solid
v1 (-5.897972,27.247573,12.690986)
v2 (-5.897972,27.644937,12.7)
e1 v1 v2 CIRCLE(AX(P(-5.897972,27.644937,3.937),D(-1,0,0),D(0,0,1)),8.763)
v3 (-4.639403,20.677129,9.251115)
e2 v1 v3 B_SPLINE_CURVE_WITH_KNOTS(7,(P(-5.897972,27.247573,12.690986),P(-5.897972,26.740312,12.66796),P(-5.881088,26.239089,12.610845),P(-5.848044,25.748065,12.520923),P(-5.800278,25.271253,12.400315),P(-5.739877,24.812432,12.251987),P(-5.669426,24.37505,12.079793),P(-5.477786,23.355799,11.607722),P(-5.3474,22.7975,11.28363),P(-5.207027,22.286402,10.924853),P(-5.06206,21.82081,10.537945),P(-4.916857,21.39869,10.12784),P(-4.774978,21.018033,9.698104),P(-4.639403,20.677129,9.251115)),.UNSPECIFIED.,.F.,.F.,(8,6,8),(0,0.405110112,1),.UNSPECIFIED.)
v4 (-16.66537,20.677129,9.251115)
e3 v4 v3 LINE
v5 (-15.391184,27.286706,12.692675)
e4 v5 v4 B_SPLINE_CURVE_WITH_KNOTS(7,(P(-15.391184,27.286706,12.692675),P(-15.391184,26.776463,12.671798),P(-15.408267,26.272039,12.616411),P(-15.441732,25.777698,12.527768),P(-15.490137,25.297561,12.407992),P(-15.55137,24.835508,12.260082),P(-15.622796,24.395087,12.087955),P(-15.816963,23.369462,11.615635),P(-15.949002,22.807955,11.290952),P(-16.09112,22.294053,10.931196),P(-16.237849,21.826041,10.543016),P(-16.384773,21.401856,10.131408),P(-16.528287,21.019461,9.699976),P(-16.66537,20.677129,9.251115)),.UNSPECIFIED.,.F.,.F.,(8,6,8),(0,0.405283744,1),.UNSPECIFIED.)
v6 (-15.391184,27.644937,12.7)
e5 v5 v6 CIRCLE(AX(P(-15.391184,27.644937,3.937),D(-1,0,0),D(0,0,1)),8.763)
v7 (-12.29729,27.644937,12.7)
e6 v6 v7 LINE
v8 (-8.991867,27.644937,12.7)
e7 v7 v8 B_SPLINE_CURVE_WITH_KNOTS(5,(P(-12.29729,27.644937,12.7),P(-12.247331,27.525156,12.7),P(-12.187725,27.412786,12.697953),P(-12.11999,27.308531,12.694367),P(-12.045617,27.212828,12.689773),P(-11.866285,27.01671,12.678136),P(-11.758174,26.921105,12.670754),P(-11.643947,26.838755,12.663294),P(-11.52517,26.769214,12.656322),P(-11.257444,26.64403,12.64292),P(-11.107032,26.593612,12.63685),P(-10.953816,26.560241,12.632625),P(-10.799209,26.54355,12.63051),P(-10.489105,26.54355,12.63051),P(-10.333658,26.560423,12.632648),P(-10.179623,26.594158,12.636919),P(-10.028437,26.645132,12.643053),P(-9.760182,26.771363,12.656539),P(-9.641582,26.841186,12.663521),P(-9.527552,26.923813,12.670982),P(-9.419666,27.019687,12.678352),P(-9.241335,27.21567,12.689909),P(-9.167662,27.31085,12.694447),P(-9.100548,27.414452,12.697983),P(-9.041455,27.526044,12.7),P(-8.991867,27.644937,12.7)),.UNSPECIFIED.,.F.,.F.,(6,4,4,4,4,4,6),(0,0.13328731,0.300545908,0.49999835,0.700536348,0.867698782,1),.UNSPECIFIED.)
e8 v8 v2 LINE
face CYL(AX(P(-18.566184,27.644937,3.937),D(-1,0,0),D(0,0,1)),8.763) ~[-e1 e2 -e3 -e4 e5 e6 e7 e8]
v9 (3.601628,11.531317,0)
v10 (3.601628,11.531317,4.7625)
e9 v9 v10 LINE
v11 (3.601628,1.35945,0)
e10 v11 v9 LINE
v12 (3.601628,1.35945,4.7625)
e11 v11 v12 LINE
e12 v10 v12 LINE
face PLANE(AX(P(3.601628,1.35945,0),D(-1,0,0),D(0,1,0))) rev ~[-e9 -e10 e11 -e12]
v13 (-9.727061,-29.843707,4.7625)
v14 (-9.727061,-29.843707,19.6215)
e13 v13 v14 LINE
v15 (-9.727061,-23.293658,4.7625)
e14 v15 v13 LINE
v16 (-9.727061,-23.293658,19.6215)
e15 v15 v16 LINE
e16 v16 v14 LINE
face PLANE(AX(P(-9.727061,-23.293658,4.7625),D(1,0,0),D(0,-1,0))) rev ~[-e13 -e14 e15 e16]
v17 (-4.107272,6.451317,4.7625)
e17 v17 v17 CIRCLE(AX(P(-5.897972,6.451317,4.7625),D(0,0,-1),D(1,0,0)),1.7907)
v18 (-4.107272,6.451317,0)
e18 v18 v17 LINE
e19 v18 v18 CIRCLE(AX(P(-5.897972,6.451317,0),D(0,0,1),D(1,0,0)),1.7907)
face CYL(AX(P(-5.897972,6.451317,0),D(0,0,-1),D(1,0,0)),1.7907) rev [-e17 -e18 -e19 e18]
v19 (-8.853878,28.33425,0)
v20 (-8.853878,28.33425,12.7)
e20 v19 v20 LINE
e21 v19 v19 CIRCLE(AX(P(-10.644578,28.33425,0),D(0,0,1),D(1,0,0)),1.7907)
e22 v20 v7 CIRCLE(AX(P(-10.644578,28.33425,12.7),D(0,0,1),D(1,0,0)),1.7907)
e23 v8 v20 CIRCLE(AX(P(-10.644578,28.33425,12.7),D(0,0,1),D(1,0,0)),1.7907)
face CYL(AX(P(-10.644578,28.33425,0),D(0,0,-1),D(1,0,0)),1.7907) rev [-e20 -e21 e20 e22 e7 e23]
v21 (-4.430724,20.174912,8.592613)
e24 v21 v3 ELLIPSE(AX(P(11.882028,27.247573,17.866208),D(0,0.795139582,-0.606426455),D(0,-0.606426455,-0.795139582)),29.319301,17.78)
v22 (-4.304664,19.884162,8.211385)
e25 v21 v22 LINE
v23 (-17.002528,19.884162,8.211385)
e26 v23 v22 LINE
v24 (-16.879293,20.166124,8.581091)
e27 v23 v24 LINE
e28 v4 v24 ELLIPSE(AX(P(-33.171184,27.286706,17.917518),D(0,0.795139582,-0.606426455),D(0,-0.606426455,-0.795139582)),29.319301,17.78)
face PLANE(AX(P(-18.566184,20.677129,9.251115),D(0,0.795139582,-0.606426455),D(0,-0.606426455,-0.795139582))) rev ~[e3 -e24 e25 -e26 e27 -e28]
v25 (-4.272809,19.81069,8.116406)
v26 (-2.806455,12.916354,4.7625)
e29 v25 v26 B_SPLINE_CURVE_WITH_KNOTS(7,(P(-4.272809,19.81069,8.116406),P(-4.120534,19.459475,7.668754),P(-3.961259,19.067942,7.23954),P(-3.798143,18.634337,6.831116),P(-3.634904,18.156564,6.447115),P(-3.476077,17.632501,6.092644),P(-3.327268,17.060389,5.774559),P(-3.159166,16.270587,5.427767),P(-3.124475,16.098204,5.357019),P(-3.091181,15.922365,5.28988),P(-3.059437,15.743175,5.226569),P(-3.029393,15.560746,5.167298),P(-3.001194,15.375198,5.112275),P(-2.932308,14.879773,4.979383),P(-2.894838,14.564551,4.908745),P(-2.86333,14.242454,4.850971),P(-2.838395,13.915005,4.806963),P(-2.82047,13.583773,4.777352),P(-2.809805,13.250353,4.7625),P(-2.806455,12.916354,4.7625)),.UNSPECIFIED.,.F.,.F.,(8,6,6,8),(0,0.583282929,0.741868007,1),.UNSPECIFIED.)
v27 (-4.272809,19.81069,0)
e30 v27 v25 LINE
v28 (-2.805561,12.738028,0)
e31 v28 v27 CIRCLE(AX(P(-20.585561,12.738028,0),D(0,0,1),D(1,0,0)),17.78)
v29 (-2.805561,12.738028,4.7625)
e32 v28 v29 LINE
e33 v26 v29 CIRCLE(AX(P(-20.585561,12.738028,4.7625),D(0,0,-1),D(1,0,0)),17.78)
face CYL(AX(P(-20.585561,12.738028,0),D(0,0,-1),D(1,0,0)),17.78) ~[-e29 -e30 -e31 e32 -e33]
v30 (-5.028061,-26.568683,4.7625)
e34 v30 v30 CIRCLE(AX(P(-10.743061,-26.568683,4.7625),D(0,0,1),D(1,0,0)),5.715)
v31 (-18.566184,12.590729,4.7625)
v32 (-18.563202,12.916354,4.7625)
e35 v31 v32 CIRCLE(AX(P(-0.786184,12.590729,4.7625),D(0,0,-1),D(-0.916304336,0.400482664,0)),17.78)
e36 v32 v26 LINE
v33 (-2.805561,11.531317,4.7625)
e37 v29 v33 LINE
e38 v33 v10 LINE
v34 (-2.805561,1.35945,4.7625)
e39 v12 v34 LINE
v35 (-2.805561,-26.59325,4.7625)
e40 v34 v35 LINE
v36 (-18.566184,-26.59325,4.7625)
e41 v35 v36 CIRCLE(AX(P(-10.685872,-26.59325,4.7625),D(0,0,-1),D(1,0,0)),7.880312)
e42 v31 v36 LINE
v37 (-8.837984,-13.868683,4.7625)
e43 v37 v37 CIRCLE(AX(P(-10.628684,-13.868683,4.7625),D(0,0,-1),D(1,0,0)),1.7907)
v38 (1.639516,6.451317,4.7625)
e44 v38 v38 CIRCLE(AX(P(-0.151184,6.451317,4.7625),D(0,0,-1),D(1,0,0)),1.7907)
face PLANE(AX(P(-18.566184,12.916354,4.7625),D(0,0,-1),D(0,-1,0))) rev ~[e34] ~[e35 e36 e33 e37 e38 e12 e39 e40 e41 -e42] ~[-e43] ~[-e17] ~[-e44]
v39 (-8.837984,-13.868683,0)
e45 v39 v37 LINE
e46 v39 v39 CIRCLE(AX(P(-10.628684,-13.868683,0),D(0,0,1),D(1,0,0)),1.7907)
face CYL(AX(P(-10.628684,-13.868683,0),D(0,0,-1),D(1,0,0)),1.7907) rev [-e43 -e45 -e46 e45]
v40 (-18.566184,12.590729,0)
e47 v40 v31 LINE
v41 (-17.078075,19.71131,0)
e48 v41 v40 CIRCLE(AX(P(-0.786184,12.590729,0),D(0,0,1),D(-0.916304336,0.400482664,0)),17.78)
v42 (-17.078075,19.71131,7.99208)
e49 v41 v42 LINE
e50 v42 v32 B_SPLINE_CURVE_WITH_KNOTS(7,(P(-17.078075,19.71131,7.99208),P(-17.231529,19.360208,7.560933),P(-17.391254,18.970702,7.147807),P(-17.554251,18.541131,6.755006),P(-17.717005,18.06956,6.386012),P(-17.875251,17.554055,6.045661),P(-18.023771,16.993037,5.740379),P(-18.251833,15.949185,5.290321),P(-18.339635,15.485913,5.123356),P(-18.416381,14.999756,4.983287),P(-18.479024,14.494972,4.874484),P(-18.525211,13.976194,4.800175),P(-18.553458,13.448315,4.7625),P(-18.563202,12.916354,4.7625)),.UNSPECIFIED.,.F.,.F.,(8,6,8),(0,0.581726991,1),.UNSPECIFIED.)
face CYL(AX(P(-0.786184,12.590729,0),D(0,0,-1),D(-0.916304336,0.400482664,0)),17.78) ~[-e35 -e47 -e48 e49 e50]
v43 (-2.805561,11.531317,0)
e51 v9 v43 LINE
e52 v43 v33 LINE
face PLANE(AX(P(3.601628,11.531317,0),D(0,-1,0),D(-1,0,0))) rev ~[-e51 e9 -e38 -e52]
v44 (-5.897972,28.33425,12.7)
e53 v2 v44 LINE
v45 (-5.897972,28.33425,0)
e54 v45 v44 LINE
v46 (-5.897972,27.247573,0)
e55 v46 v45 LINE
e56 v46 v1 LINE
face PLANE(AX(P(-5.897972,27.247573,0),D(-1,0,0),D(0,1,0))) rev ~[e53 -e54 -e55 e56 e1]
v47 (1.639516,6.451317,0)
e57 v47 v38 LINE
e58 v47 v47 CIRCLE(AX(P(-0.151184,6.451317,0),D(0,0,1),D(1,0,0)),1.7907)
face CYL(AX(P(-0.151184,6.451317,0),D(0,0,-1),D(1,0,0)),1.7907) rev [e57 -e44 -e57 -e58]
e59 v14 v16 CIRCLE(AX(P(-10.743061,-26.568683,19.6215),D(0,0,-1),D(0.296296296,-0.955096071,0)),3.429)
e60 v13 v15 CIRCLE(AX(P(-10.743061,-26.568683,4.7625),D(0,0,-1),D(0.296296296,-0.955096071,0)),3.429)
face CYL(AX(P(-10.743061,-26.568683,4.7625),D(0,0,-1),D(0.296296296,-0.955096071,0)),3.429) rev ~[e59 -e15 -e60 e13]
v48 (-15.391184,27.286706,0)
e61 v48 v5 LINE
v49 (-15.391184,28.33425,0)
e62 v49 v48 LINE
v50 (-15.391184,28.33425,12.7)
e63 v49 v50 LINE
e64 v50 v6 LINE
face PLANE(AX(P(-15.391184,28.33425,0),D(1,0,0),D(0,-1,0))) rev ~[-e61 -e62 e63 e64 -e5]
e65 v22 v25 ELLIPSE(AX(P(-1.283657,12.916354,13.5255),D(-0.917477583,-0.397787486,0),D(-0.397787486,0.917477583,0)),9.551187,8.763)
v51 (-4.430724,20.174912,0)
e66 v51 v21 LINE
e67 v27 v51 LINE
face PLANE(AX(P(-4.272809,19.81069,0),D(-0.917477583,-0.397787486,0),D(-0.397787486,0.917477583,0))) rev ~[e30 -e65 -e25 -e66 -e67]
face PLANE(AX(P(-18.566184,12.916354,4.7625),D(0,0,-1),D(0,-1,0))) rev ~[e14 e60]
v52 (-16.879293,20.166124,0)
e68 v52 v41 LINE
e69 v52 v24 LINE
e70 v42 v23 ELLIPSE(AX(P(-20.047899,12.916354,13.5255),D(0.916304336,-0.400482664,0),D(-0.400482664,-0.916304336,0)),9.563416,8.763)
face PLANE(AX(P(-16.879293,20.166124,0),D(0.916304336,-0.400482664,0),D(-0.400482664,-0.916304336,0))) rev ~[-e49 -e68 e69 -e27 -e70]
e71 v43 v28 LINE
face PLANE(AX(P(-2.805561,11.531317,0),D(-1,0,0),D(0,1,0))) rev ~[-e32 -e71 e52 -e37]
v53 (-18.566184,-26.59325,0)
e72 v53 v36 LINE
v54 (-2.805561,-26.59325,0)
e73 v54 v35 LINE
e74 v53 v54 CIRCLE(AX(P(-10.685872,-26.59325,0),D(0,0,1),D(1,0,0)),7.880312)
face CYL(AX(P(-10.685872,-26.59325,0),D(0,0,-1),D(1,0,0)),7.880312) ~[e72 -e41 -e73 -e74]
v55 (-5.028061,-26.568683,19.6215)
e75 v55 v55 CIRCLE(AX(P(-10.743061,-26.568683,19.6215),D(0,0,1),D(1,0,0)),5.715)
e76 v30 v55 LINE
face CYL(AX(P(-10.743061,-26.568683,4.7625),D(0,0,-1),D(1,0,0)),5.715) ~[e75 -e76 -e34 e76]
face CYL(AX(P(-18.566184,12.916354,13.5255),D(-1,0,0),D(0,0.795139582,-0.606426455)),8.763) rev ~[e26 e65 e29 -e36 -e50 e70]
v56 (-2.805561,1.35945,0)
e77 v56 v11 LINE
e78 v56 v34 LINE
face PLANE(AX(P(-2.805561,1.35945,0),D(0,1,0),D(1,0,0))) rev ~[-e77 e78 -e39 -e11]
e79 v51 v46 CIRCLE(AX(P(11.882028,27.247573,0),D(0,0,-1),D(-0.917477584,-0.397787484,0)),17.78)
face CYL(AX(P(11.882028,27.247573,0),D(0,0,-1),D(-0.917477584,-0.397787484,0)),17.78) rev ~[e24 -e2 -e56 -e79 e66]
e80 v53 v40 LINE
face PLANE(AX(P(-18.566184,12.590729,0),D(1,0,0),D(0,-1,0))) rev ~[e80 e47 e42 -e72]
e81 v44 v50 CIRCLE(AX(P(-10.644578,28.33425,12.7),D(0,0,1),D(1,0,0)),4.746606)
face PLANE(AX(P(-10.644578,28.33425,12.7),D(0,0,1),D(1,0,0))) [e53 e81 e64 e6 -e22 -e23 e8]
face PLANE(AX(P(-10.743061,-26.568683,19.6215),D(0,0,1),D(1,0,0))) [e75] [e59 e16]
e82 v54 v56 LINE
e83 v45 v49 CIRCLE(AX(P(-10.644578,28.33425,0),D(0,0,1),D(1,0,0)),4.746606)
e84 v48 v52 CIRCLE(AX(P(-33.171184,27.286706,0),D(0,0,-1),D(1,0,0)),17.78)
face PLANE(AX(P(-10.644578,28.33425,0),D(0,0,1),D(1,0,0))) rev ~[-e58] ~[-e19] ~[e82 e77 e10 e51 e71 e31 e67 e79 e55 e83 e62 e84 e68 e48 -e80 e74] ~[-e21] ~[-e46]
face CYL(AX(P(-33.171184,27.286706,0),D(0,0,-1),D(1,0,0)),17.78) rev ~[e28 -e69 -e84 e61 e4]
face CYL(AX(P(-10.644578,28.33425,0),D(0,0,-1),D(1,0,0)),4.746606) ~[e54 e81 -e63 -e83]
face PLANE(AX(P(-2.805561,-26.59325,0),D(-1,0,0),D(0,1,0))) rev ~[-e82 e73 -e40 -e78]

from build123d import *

# Parameters (mm, degrees)
SKETCH1_R           = 1.7907
BOSS_EXTRUDE1_DEPTH = 12.7
CUT_EXTRUDE1_DEPTH  = 43.908371508
SKETCH6_R           = 5.715
BOSS_EXTRUDE2_DEPTH = 14.859


with BuildPart() as part:
    # Sketch1 → Boss-Extrude1 (new body)
    with BuildSketch(Plane.XY):
        with BuildLine():
            ThreePointArc((-5.89797239, 28.334249775), (-10.644578231, 33.080855616), (-15.391184073, 28.334249775))
            Line((-15.391184073, 28.334249775), (-15.391184073, 27.2867057))
            ThreePointArc((-15.391184073, 27.2867057), (-15.767187067, 23.64949685), (-16.879292984, 20.16612393))
            Line((-16.879292984, 20.16612393), (-17.078075162, 19.711310306))
            ThreePointArc((-17.078075162, 19.711310306), (-18.190181079, 16.227937386), (-18.566184073, 12.590728536))
            Line((-18.566184073, 12.590728536), (-18.566184073, -26.593250225))
            ThreePointArc((-18.566184073, -26.593250225), (-10.68587239, -34.473561908), (-2.805560707, -26.593250225))
            Line((-2.805560707, -26.593250225), (-2.805560707, 1.359449775))
            Line((-2.805560707, 1.359449775), (3.60162761, 1.359449775))
            Line((3.60162761, 1.359449775), (3.60162761, 11.531317118))
            Line((3.60162761, 11.531317118), (-2.805560707, 11.531317118))
            Line((-2.805560707, 11.531317118), (-2.805560707, 12.738028185))
            ThreePointArc((-2.805560707, 12.738028185), (-3.176236758, 16.349653807), (-4.272809259, 19.810689652))
            Line((-4.272809259, 19.810689652), (-4.430723837, 20.174911983))
            ThreePointArc((-4.430723837, 20.174911983), (-5.527296339, 23.635947828), (-5.89797239, 27.24757345))
            Line((-5.89797239, 27.24757345), (-5.89797239, 28.334249775))
        make_face()
        with Locations((-10.644578231, 28.334249775)):
            Circle(SKETCH1_R, mode=Mode.SUBTRACT)
        with Locations((-0.151184073, 6.451317118)):
            Circle(SKETCH1_R, mode=Mode.SUBTRACT)
        with Locations((-10.628684073, -13.868682882)):
            Circle(SKETCH1_R, mode=Mode.SUBTRACT)
        with Locations((-5.89797239, 6.451317118)):
            Circle(SKETCH1_R, mode=Mode.SUBTRACT)
    extrude(amount=BOSS_EXTRUDE1_DEPTH)

    # Sketch5 → Cut-Extrude1 (cut, through all)
    with BuildSketch(Plane.ZY.offset(18.566184073)):
        with BuildLine():
            Line((4.7625, -34.473561908), (12.7, -34.473561908))
            Line((12.7, -34.473561908), (12.7, 27.644937325))
            ThreePointArc((12.7, 27.644937325), (11.790590228, 23.757613113), (9.251115022, 20.677129167))
            Line((9.251115022, 20.677129167), (8.211384978, 19.88416172))
            ThreePointArc((8.211384978, 19.88416172), (5.671909772, 16.803677773), (4.7625, 12.916353561))
            Line((4.7625, 12.916353561), (4.7625, -34.473561908))
        make_face()
    extrude(amount=-CUT_EXTRUDE1_DEPTH, mode=Mode.SUBTRACT)

    # Sketch6 → Boss-Extrude2 (add)
    with BuildSketch(Plane.XY.offset(4.7625)):
        with Locations((-10.743060707, -26.568682882)):
            Circle(SKETCH6_R)
        with BuildLine():
            Line((-9.727060707, -23.293658454), (-9.727060707, -29.843707309))
            ThreePointArc((-9.727060707, -29.843707309), (-14.172060707, -26.568682882), (-9.727060707, -23.293658454))
        make_face(mode=Mode.SUBTRACT)
    extrude(amount=BOSS_EXTRUDE2_DEPTH)


solid = part.part
